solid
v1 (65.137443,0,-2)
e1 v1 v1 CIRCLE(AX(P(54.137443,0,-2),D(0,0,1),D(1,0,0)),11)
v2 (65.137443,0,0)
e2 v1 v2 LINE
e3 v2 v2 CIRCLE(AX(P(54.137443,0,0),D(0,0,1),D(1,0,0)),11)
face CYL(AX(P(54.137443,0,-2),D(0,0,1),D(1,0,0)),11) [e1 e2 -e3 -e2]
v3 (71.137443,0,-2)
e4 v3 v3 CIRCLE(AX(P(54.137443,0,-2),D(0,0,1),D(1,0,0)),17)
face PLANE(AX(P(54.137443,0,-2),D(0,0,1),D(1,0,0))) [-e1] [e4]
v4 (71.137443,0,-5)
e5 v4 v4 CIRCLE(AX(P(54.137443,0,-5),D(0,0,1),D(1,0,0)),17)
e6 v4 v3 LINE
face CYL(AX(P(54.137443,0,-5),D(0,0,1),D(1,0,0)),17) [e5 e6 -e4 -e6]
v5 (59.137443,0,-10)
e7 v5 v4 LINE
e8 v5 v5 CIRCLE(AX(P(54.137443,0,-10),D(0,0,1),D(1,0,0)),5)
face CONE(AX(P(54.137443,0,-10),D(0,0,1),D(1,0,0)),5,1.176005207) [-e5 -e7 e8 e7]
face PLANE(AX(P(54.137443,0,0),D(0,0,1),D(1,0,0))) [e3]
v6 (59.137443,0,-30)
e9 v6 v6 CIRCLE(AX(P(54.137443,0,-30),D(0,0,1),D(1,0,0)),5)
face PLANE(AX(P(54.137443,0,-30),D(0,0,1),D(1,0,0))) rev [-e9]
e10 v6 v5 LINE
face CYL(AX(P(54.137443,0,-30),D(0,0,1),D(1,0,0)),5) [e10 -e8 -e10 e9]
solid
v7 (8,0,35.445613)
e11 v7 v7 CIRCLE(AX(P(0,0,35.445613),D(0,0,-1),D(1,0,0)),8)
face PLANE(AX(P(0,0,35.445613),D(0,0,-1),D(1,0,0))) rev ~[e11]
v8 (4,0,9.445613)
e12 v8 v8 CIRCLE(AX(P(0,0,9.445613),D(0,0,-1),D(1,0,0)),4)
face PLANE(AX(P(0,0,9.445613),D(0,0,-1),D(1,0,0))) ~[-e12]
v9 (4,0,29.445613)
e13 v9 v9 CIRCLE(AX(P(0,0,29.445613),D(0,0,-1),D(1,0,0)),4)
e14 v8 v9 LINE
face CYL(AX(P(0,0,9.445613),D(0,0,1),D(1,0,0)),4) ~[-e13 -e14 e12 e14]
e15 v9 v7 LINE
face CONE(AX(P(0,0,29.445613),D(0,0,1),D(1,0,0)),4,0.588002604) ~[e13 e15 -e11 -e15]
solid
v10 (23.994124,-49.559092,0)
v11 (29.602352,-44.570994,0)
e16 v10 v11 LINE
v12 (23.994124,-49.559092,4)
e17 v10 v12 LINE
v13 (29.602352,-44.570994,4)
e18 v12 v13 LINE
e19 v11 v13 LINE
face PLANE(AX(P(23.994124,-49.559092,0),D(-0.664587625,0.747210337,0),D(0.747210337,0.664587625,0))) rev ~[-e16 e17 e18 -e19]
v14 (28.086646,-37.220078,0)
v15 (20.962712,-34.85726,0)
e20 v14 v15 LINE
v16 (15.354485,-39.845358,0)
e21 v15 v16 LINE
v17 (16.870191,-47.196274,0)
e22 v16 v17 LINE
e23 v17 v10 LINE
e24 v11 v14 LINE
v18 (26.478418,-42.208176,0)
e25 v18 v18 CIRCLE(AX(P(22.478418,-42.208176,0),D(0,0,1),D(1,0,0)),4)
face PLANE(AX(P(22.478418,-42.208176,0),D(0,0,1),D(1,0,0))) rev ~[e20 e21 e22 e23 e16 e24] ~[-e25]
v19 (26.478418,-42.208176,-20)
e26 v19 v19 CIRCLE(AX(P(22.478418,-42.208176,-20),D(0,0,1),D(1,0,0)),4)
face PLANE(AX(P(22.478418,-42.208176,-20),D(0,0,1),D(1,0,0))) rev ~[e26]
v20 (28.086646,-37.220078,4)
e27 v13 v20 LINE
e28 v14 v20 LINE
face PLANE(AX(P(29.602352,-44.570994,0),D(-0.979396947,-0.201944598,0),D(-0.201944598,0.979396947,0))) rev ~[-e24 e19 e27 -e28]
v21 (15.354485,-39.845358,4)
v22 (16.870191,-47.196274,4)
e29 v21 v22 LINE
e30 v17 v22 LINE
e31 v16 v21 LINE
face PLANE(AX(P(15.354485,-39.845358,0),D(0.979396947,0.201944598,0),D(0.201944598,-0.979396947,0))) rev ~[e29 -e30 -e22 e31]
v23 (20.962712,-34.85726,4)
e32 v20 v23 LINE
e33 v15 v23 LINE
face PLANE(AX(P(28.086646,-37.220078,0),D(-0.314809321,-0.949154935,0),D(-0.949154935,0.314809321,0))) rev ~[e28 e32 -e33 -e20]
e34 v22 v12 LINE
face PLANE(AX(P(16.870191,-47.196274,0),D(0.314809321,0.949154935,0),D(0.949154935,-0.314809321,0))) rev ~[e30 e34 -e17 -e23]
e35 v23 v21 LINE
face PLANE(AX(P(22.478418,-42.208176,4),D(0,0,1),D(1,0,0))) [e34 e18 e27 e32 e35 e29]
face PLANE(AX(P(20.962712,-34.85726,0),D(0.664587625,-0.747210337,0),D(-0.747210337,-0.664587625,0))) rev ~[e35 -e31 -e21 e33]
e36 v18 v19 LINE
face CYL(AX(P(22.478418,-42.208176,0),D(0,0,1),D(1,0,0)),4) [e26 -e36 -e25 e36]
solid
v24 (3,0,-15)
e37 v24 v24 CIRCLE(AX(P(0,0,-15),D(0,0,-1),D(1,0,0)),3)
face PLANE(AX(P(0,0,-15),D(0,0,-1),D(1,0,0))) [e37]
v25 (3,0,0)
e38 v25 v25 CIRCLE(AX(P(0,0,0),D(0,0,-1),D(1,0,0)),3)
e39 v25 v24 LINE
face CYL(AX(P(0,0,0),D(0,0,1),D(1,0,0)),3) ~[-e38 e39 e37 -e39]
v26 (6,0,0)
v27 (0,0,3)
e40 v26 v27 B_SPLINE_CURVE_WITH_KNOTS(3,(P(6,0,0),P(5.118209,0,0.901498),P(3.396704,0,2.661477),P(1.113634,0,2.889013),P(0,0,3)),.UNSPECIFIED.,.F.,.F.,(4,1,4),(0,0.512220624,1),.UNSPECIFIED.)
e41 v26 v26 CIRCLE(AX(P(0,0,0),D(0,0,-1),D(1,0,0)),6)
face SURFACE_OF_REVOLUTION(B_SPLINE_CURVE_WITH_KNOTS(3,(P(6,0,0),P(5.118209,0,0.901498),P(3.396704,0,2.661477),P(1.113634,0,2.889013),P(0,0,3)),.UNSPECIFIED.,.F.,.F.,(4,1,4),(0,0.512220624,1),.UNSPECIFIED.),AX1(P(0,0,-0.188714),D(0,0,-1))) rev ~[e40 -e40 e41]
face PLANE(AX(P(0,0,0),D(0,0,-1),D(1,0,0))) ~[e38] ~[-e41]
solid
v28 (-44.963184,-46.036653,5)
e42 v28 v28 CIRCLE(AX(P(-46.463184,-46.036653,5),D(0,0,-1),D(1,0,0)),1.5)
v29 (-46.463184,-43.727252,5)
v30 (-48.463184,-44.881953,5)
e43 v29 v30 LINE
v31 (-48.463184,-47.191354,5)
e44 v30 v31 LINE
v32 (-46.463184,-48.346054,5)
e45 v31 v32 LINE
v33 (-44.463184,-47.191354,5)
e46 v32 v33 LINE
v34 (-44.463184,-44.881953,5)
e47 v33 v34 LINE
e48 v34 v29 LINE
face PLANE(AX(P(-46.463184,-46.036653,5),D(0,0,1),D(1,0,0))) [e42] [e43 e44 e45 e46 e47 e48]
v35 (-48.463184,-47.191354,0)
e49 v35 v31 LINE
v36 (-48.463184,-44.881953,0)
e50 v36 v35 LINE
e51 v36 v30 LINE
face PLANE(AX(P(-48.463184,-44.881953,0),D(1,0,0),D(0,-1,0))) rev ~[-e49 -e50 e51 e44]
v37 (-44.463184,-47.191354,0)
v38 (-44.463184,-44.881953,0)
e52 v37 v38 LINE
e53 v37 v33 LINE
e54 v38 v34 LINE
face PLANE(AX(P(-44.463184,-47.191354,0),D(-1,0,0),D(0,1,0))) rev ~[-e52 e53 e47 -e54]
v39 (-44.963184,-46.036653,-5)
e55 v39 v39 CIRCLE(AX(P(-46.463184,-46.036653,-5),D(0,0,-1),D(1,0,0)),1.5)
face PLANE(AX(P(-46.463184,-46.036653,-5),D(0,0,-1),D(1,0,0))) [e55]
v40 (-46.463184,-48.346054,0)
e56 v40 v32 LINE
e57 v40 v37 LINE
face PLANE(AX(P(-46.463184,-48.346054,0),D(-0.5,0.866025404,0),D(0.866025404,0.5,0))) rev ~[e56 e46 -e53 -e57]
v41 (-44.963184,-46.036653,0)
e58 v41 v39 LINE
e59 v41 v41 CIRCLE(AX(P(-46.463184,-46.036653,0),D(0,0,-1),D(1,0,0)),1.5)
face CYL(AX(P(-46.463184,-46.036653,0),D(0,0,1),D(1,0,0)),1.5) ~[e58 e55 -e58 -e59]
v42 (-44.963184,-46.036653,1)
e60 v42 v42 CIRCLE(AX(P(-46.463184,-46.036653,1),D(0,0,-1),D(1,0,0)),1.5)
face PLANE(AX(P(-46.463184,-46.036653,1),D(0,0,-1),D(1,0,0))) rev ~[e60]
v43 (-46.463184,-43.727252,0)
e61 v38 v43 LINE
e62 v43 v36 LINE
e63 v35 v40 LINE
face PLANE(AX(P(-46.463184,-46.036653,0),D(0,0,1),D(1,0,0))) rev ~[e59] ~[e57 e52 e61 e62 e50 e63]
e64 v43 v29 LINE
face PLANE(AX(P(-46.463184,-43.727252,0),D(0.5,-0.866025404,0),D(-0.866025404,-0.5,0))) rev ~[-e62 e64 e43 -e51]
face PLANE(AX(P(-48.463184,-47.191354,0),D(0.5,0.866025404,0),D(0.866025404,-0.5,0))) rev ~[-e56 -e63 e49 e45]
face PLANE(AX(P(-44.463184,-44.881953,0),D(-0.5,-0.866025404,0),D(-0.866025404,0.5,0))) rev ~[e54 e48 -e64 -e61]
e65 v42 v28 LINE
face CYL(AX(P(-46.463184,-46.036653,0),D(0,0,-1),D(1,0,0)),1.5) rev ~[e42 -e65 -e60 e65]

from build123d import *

# Parameters (mm, degrees)
F2_R           = 3
F3_DEPTH       = 15
F6_R           = 4
F7_DEPTH       = 20
F9_DEPTH       = 4
F11_DEPTH      = 5
F12_R          = 1.5
F13_DEPTH      = 6
F14_DEPTH      = 5
F14_DEPTH_BACK = 1


with BuildPart() as f1:
    # F0 (on Front) → F1 (revolve)
    with BuildSketch(Plane.XZ):
        with BuildLine():
            add(Edge.make_bspline(
                [(6, 0), (5.1182094803, 0.9014976906), (3.3967041799, 2.6614769805), (1.1136343677, 2.8890127462), (0, 3)],
                knots=[0, 0, 0, 0, 0.5122206243, 1, 1, 1, 1], degree=3))
            Line((0, 3), (0, 0))
            Line((0, 0), (6, 0))
        make_face()
    revolve(axis=Axis((0, 0, -0.1887138933), (0, 0, -1)))

    # F2 (on face) → F3 (join)
    with BuildSketch(Plane(origin=(0, 0, 0), x_dir=(1, 0, 0), z_dir=(0, 0, -1))):
        Circle(F2_R)
    extrude(amount=F3_DEPTH)


with BuildPart() as f5:
    # F4 (on Front) → F5 (revolve)
    with BuildSketch(Plane.XZ):
        Polygon((8, 35.4456133136), (0, 35.4456133136), (0, 9.4456133136), (4, 9.4456133136), (4, 29.4456133136), align=None)
    revolve(axis=Axis((0, 0, 22.4456133136), (0, 0, -1)))


with BuildPart() as f7:
    # F6 (on Top) → F7 (new body)
    with BuildSketch(Plane.XY):
        with Locations((22.4784184247, -42.2081761062)):
            Circle(F6_R)
    extrude(amount=-F7_DEPTH)

    # F8 (on face) → F9 (join)
    with BuildSketch(Plane.XY):
        Polygon((20.96271244, -34.8572599251), (15.3544852785, -39.8453579031), (16.8701912632, -47.1962740842), (23.9941244094, -49.5590922873), (29.602351571, -44.5709943093), (28.0866455863, -37.2200781282), align=None)
    extrude(amount=F9_DEPTH)


with BuildPart() as f11:
    # F10 (on Top) → F11 (new body)
    with BuildSketch(Plane.XY):
        Polygon((-44.4631840587, -47.191353759), (-44.4631840587, -44.8819526823), (-46.4631840587, -43.7272521439), (-48.4631840587, -44.8819526823), (-48.4631840587, -47.191353759), (-46.4631840587, -48.3460542974), align=None)
    extrude(amount=F11_DEPTH)

    # F12 (on face) → F13 (cut)
    with BuildSketch(Plane(origin=(0, 0, 0), x_dir=(1, 0, 0), z_dir=(0, 0, -1))):
        with Locations((-46.4631840587, 46.0366532207)):
            Circle(F12_R)
    extrude(amount=-F13_DEPTH, mode=Mode.SUBTRACT)

    # F12 (on face) → F14 (join, two sides)
    with BuildSketch(Plane(origin=(0, 0, 0), x_dir=(1, 0, 0), z_dir=(0, 0, -1))) as f14_sk:
        with Locations((-46.4631840587, 46.0366532207)):
            Circle(F12_R)
    extrude(amount=F14_DEPTH)
    extrude(f14_sk.sketch, amount=-F14_DEPTH_BACK)


with BuildPart() as f16:
    # F15 (on Front) → F16 (revolve)
    with BuildSketch(Plane.XZ):
        Polygon((65.1374427022, 0), (54.1374427022, 0), (54.1374427022, -30), (59.1374427022, -30), (59.1374427022, -10), (71.1374427022, -5), (71.1374427022, -2), (65.1374427022, -2), align=None)
    revolve(axis=Axis((54.1374427022, 0, -15), (0, 0, 1)))


solid = Compound([f1.part, f5.part, f7.part, f11.part, f16.part])
